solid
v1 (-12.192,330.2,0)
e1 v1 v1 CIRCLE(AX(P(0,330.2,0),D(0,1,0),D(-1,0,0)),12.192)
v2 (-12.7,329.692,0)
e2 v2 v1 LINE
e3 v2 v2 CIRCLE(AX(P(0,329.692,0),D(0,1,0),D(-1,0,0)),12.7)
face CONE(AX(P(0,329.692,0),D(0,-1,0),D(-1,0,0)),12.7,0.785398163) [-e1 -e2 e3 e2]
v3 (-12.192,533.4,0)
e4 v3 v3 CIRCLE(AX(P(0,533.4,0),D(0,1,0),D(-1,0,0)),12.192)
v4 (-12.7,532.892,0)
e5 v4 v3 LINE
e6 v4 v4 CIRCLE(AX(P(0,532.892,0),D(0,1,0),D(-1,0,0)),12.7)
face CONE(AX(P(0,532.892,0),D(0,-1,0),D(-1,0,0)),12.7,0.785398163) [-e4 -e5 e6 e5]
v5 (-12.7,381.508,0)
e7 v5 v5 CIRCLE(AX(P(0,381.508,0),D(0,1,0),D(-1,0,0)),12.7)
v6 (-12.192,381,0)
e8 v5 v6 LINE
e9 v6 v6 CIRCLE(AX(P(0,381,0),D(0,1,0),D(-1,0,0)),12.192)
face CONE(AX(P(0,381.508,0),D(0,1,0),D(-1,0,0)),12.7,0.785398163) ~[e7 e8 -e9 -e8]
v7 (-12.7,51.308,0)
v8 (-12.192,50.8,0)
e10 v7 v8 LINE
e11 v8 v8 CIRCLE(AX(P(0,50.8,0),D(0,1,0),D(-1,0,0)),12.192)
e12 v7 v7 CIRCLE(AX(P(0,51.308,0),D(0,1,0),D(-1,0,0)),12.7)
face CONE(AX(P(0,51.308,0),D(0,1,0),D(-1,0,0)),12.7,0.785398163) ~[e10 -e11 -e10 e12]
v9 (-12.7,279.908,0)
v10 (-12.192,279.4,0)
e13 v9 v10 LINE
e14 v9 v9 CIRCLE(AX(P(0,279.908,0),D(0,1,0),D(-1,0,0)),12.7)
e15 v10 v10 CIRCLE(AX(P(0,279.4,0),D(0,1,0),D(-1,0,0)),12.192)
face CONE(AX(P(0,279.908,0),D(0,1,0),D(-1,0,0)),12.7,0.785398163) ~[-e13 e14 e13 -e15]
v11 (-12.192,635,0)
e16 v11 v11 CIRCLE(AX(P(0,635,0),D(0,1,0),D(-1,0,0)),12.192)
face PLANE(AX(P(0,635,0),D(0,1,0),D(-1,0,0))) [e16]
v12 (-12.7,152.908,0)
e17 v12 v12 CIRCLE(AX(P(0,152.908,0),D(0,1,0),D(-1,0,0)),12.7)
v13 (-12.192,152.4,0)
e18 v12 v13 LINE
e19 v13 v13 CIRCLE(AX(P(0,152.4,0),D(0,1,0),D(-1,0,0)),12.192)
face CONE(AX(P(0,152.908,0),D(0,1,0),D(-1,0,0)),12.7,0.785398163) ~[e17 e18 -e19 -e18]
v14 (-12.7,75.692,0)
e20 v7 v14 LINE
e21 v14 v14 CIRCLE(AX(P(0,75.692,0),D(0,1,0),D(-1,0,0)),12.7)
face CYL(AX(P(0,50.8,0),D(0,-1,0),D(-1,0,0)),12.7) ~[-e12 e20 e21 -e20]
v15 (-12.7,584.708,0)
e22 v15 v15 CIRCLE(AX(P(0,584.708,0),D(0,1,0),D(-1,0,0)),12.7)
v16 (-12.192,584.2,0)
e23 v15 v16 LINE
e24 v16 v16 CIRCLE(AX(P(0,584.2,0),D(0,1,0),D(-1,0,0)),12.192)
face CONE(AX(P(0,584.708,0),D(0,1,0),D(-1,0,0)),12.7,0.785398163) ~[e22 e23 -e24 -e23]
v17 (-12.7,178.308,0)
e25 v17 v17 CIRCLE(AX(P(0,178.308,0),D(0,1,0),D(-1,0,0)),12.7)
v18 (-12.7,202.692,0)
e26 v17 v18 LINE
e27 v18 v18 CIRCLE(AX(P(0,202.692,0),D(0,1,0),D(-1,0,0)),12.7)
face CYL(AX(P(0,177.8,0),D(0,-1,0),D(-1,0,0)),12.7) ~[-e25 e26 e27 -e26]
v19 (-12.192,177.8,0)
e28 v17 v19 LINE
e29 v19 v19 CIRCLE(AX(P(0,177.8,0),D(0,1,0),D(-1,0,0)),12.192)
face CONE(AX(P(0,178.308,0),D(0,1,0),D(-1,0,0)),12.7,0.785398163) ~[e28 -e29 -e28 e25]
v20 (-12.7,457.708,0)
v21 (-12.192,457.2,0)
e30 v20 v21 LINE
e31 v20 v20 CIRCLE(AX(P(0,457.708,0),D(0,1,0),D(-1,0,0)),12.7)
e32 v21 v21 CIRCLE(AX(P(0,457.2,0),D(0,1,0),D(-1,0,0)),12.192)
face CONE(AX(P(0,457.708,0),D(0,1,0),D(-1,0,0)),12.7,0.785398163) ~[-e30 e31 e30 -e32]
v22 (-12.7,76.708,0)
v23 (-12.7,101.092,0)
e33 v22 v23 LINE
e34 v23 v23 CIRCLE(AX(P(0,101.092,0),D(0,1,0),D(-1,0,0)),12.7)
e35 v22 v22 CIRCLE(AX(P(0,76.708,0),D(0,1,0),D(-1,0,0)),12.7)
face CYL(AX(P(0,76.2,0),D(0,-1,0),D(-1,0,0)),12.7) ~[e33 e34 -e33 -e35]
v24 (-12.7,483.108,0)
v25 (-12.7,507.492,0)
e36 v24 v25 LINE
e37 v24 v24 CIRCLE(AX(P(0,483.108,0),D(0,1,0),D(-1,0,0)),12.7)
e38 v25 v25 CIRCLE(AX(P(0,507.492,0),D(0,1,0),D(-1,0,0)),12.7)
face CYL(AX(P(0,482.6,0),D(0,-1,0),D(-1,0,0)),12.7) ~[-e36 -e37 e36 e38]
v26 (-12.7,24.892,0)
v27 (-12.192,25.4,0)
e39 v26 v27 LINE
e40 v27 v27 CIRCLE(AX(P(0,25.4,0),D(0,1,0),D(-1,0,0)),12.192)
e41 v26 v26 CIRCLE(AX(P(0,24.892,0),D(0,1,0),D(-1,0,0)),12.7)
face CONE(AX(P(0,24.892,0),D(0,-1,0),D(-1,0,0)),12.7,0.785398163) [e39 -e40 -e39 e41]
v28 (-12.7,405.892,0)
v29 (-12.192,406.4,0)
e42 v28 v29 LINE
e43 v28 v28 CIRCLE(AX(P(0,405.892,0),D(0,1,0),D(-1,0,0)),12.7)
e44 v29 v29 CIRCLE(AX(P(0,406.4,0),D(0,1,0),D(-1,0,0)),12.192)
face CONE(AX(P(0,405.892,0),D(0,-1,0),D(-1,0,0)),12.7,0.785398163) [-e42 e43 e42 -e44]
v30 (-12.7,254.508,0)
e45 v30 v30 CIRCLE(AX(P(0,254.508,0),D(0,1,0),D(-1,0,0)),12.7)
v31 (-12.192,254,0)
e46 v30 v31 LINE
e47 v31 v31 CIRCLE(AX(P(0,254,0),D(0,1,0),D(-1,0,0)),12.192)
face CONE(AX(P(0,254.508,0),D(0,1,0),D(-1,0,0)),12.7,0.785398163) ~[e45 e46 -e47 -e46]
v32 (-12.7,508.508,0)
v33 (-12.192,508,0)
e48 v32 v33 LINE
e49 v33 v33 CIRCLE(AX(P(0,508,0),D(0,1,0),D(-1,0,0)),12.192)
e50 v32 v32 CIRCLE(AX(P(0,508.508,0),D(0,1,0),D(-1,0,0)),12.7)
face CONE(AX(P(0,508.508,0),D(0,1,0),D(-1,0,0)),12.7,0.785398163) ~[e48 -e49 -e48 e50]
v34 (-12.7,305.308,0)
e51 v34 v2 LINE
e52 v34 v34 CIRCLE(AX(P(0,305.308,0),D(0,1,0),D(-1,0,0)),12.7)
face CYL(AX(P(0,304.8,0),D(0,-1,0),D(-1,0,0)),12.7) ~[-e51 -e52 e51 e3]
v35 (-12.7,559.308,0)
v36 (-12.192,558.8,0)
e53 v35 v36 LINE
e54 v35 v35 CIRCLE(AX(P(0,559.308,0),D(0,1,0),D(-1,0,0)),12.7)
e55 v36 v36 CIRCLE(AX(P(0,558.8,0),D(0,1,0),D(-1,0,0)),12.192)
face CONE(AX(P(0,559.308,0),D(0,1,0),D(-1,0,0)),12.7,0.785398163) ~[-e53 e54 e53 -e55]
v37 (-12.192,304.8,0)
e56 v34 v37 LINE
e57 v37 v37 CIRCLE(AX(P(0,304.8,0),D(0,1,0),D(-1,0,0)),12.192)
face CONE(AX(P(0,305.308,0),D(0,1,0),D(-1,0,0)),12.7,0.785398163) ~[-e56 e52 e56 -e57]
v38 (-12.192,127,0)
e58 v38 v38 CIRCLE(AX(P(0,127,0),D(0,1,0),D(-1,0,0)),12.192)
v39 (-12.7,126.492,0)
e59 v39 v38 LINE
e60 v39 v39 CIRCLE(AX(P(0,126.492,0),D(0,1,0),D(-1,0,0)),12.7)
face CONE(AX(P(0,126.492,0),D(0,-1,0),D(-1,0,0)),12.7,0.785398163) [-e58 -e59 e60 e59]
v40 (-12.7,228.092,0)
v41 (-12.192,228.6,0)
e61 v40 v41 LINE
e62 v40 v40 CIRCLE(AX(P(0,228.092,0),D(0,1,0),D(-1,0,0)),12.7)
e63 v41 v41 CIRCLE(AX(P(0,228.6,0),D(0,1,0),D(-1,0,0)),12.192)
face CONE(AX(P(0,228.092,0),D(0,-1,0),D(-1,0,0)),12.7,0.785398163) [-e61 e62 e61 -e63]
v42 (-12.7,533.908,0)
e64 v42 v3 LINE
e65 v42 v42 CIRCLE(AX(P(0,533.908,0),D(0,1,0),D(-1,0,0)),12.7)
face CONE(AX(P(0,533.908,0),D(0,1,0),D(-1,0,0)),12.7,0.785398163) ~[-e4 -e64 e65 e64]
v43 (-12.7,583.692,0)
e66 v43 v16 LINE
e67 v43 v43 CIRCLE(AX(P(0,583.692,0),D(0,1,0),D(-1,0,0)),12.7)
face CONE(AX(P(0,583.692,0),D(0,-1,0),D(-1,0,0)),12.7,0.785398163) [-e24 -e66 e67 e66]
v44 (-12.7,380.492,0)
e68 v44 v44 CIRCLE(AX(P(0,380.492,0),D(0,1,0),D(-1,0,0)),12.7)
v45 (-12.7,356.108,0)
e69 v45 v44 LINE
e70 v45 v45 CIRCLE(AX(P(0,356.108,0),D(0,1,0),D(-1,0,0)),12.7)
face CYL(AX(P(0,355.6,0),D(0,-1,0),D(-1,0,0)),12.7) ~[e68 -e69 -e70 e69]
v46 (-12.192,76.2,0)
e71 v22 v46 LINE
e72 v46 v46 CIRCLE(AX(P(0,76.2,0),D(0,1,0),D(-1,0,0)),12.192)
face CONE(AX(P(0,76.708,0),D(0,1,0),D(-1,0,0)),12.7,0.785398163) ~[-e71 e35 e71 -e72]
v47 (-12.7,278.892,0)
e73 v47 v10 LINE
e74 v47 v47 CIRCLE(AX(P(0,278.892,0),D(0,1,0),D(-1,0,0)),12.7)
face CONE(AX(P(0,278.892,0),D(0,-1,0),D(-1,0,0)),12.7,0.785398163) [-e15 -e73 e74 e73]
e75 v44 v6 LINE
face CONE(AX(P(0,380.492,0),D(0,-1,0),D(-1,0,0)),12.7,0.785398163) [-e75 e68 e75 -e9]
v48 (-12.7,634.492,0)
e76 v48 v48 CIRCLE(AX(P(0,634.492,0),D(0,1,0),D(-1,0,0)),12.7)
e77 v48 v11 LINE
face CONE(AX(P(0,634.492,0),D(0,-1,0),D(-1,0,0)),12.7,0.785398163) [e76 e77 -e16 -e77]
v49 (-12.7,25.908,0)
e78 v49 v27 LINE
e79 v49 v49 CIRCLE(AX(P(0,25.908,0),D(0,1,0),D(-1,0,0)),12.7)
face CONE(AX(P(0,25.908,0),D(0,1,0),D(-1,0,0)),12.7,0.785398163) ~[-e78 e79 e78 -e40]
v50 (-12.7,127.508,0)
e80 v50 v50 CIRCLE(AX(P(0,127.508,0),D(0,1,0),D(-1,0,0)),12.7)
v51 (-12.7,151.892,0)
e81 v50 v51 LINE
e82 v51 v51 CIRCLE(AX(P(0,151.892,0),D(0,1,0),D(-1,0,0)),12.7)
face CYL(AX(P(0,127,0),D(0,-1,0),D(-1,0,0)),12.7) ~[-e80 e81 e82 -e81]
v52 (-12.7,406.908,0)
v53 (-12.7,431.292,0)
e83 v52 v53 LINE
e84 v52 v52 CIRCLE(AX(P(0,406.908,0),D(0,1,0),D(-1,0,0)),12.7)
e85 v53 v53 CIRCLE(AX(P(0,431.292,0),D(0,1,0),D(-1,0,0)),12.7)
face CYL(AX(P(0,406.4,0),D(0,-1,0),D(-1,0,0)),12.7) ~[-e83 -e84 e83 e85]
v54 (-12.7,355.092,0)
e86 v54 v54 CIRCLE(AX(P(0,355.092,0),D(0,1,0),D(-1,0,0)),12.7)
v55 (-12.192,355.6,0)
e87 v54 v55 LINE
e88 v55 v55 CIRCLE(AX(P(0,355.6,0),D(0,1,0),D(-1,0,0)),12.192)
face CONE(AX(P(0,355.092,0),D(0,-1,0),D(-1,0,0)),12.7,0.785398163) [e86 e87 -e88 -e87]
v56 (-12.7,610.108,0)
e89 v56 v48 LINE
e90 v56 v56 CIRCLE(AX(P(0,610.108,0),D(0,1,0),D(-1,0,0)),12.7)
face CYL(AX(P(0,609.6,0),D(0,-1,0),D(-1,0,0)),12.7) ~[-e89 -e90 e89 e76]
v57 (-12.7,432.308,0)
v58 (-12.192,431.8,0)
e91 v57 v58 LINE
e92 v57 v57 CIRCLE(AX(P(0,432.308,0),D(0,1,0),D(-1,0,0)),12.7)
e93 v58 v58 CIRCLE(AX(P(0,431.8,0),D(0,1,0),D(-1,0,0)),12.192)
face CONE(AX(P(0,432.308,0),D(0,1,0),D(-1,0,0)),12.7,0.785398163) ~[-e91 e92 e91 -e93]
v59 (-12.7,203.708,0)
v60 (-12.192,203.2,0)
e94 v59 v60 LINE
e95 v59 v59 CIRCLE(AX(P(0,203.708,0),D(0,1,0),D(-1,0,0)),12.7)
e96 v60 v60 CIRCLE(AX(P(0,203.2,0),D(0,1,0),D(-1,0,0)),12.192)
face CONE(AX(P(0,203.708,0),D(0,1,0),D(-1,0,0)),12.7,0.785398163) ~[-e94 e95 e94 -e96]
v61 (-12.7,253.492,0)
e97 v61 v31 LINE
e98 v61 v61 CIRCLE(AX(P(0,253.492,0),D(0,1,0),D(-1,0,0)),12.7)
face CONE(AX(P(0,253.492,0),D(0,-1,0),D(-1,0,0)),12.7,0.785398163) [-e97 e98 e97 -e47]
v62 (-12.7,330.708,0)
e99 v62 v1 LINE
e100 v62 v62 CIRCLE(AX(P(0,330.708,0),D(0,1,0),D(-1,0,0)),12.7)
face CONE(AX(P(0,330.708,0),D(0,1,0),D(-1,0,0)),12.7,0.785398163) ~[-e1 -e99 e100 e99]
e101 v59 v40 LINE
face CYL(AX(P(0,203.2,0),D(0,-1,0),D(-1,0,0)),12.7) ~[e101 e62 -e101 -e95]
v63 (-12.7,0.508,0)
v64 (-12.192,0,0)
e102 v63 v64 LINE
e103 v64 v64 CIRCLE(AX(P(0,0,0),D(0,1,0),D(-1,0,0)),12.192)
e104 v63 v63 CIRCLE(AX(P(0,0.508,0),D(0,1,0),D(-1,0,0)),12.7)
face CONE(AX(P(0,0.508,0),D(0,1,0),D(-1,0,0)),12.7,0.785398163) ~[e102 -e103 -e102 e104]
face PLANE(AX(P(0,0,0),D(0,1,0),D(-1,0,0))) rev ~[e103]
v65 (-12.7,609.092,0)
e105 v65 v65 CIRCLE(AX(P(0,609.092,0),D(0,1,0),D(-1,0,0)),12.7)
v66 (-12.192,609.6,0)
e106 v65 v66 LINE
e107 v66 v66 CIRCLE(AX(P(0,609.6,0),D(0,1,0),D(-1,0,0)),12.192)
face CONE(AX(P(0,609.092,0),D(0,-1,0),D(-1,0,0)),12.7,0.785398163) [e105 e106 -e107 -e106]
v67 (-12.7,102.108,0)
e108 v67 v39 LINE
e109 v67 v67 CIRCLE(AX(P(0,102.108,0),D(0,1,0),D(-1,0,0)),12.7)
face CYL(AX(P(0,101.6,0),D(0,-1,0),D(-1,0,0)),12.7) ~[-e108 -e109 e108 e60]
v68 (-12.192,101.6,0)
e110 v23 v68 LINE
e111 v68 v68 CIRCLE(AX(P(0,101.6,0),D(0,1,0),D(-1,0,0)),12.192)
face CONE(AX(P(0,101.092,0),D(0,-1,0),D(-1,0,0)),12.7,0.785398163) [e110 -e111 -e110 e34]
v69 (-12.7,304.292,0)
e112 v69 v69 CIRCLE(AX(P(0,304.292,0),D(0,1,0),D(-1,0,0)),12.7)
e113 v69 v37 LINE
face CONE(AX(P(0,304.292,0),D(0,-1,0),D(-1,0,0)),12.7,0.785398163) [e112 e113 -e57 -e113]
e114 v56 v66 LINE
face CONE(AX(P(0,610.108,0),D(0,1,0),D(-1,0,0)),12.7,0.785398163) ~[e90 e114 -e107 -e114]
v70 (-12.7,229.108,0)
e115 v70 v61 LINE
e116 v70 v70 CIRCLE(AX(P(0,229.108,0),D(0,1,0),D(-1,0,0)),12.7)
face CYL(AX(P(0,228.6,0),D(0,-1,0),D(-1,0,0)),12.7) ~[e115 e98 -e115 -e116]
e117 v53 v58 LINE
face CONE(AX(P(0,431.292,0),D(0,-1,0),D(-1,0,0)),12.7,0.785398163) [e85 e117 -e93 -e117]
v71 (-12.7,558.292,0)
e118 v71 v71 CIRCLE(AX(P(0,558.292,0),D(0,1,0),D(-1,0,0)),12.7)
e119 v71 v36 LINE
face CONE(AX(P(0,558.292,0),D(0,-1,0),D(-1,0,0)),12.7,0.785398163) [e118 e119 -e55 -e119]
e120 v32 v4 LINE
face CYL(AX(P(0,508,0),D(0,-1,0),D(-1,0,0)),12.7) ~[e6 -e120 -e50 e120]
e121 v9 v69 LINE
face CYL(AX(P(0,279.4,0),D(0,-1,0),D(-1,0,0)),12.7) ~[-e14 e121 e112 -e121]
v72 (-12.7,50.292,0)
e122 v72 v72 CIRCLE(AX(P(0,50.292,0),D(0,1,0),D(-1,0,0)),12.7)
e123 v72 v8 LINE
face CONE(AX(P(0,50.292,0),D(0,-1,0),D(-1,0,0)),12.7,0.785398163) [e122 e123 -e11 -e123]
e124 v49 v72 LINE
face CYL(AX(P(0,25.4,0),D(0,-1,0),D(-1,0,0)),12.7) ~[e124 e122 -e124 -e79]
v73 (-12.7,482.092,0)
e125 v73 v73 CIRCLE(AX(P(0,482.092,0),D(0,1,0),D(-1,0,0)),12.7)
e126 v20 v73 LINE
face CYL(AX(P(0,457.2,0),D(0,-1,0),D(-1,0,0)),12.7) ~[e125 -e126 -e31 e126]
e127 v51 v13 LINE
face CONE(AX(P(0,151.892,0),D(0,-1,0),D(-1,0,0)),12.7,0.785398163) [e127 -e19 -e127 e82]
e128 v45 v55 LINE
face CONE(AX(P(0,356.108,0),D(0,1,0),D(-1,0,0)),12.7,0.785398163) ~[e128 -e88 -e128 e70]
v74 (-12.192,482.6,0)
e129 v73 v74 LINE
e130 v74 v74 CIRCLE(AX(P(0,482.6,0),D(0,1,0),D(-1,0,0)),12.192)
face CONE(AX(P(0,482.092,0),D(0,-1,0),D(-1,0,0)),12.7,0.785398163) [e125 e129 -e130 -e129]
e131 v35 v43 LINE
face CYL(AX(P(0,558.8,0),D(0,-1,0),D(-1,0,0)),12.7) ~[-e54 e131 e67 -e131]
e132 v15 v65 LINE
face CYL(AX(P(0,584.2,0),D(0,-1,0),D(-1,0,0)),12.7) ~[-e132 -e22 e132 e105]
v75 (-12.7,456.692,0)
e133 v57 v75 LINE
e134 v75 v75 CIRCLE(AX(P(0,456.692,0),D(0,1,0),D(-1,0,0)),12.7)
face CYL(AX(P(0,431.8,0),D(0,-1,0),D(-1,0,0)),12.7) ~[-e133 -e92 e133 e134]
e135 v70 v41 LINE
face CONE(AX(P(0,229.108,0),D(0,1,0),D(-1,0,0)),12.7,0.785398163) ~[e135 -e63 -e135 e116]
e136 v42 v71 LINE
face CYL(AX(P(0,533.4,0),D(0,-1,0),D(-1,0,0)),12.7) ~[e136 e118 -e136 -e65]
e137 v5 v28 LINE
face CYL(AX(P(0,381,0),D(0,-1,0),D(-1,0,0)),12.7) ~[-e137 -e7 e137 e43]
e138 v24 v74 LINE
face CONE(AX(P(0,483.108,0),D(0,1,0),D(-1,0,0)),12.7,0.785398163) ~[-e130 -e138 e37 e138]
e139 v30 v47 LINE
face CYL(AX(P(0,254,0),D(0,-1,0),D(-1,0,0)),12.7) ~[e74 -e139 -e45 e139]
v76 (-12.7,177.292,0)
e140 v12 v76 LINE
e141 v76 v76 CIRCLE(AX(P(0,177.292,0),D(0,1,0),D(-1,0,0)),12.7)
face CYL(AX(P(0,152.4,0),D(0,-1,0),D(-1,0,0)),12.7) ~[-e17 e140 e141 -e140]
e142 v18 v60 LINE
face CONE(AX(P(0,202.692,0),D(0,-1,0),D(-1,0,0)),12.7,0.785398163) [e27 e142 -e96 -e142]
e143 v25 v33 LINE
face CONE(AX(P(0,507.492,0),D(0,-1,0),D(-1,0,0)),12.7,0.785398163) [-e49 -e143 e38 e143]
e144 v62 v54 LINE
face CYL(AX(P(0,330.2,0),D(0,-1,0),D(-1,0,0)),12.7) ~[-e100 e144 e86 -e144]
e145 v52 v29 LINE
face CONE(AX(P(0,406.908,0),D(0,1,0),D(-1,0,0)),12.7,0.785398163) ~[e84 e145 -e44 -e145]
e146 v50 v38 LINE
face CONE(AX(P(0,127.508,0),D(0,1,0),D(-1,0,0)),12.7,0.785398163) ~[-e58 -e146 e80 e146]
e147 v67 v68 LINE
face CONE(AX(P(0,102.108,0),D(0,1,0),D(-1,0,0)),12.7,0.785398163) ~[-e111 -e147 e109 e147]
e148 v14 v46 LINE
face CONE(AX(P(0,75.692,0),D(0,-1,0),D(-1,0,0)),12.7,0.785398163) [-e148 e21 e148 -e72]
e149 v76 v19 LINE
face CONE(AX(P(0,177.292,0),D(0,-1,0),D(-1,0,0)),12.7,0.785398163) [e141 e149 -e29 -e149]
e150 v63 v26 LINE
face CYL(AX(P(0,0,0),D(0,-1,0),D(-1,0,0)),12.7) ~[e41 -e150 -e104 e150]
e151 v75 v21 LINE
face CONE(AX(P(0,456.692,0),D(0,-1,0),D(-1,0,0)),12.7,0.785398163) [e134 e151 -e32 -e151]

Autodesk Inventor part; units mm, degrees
ref_plane "YZ Plane" through (0, 0, 0) normal (1, 0, 0) x (0, 1, 0)
ref_plane "XZ Plane" through (0, 0, 0) normal (0, 1, 0) x (-1, 0, 0)
ref_plane "XY Plane" through (0, 0, 0) normal (0, 0, 1) x (1, 0, 0)
sketch "Sketch1" plane through (0, 0, 0) normal (0, 1, 0) x (-1, 0, 0)
  circle A0 centre (0, 0) radius 12.7
  dimension "postDiameter" = 25.4
extrude "Extrude:graduation" add sketch "Sketch1" along normal blind 25.4
chamfer "Chamfer1" distance 0.508 angle 45 2 edges at (12.7, 25.4, 0) (12.7, 0, 0)
pattern_linear "Rectangular Pattern1" count 25 spacing 25.4 along (0, 1, 0)
equation "\"d3\" = 0.02 * postDiameter"
equation "\"d8\" = graduationHeight"
equation "\"graduationHeight\" = 25.4"
properties part number "Post"
